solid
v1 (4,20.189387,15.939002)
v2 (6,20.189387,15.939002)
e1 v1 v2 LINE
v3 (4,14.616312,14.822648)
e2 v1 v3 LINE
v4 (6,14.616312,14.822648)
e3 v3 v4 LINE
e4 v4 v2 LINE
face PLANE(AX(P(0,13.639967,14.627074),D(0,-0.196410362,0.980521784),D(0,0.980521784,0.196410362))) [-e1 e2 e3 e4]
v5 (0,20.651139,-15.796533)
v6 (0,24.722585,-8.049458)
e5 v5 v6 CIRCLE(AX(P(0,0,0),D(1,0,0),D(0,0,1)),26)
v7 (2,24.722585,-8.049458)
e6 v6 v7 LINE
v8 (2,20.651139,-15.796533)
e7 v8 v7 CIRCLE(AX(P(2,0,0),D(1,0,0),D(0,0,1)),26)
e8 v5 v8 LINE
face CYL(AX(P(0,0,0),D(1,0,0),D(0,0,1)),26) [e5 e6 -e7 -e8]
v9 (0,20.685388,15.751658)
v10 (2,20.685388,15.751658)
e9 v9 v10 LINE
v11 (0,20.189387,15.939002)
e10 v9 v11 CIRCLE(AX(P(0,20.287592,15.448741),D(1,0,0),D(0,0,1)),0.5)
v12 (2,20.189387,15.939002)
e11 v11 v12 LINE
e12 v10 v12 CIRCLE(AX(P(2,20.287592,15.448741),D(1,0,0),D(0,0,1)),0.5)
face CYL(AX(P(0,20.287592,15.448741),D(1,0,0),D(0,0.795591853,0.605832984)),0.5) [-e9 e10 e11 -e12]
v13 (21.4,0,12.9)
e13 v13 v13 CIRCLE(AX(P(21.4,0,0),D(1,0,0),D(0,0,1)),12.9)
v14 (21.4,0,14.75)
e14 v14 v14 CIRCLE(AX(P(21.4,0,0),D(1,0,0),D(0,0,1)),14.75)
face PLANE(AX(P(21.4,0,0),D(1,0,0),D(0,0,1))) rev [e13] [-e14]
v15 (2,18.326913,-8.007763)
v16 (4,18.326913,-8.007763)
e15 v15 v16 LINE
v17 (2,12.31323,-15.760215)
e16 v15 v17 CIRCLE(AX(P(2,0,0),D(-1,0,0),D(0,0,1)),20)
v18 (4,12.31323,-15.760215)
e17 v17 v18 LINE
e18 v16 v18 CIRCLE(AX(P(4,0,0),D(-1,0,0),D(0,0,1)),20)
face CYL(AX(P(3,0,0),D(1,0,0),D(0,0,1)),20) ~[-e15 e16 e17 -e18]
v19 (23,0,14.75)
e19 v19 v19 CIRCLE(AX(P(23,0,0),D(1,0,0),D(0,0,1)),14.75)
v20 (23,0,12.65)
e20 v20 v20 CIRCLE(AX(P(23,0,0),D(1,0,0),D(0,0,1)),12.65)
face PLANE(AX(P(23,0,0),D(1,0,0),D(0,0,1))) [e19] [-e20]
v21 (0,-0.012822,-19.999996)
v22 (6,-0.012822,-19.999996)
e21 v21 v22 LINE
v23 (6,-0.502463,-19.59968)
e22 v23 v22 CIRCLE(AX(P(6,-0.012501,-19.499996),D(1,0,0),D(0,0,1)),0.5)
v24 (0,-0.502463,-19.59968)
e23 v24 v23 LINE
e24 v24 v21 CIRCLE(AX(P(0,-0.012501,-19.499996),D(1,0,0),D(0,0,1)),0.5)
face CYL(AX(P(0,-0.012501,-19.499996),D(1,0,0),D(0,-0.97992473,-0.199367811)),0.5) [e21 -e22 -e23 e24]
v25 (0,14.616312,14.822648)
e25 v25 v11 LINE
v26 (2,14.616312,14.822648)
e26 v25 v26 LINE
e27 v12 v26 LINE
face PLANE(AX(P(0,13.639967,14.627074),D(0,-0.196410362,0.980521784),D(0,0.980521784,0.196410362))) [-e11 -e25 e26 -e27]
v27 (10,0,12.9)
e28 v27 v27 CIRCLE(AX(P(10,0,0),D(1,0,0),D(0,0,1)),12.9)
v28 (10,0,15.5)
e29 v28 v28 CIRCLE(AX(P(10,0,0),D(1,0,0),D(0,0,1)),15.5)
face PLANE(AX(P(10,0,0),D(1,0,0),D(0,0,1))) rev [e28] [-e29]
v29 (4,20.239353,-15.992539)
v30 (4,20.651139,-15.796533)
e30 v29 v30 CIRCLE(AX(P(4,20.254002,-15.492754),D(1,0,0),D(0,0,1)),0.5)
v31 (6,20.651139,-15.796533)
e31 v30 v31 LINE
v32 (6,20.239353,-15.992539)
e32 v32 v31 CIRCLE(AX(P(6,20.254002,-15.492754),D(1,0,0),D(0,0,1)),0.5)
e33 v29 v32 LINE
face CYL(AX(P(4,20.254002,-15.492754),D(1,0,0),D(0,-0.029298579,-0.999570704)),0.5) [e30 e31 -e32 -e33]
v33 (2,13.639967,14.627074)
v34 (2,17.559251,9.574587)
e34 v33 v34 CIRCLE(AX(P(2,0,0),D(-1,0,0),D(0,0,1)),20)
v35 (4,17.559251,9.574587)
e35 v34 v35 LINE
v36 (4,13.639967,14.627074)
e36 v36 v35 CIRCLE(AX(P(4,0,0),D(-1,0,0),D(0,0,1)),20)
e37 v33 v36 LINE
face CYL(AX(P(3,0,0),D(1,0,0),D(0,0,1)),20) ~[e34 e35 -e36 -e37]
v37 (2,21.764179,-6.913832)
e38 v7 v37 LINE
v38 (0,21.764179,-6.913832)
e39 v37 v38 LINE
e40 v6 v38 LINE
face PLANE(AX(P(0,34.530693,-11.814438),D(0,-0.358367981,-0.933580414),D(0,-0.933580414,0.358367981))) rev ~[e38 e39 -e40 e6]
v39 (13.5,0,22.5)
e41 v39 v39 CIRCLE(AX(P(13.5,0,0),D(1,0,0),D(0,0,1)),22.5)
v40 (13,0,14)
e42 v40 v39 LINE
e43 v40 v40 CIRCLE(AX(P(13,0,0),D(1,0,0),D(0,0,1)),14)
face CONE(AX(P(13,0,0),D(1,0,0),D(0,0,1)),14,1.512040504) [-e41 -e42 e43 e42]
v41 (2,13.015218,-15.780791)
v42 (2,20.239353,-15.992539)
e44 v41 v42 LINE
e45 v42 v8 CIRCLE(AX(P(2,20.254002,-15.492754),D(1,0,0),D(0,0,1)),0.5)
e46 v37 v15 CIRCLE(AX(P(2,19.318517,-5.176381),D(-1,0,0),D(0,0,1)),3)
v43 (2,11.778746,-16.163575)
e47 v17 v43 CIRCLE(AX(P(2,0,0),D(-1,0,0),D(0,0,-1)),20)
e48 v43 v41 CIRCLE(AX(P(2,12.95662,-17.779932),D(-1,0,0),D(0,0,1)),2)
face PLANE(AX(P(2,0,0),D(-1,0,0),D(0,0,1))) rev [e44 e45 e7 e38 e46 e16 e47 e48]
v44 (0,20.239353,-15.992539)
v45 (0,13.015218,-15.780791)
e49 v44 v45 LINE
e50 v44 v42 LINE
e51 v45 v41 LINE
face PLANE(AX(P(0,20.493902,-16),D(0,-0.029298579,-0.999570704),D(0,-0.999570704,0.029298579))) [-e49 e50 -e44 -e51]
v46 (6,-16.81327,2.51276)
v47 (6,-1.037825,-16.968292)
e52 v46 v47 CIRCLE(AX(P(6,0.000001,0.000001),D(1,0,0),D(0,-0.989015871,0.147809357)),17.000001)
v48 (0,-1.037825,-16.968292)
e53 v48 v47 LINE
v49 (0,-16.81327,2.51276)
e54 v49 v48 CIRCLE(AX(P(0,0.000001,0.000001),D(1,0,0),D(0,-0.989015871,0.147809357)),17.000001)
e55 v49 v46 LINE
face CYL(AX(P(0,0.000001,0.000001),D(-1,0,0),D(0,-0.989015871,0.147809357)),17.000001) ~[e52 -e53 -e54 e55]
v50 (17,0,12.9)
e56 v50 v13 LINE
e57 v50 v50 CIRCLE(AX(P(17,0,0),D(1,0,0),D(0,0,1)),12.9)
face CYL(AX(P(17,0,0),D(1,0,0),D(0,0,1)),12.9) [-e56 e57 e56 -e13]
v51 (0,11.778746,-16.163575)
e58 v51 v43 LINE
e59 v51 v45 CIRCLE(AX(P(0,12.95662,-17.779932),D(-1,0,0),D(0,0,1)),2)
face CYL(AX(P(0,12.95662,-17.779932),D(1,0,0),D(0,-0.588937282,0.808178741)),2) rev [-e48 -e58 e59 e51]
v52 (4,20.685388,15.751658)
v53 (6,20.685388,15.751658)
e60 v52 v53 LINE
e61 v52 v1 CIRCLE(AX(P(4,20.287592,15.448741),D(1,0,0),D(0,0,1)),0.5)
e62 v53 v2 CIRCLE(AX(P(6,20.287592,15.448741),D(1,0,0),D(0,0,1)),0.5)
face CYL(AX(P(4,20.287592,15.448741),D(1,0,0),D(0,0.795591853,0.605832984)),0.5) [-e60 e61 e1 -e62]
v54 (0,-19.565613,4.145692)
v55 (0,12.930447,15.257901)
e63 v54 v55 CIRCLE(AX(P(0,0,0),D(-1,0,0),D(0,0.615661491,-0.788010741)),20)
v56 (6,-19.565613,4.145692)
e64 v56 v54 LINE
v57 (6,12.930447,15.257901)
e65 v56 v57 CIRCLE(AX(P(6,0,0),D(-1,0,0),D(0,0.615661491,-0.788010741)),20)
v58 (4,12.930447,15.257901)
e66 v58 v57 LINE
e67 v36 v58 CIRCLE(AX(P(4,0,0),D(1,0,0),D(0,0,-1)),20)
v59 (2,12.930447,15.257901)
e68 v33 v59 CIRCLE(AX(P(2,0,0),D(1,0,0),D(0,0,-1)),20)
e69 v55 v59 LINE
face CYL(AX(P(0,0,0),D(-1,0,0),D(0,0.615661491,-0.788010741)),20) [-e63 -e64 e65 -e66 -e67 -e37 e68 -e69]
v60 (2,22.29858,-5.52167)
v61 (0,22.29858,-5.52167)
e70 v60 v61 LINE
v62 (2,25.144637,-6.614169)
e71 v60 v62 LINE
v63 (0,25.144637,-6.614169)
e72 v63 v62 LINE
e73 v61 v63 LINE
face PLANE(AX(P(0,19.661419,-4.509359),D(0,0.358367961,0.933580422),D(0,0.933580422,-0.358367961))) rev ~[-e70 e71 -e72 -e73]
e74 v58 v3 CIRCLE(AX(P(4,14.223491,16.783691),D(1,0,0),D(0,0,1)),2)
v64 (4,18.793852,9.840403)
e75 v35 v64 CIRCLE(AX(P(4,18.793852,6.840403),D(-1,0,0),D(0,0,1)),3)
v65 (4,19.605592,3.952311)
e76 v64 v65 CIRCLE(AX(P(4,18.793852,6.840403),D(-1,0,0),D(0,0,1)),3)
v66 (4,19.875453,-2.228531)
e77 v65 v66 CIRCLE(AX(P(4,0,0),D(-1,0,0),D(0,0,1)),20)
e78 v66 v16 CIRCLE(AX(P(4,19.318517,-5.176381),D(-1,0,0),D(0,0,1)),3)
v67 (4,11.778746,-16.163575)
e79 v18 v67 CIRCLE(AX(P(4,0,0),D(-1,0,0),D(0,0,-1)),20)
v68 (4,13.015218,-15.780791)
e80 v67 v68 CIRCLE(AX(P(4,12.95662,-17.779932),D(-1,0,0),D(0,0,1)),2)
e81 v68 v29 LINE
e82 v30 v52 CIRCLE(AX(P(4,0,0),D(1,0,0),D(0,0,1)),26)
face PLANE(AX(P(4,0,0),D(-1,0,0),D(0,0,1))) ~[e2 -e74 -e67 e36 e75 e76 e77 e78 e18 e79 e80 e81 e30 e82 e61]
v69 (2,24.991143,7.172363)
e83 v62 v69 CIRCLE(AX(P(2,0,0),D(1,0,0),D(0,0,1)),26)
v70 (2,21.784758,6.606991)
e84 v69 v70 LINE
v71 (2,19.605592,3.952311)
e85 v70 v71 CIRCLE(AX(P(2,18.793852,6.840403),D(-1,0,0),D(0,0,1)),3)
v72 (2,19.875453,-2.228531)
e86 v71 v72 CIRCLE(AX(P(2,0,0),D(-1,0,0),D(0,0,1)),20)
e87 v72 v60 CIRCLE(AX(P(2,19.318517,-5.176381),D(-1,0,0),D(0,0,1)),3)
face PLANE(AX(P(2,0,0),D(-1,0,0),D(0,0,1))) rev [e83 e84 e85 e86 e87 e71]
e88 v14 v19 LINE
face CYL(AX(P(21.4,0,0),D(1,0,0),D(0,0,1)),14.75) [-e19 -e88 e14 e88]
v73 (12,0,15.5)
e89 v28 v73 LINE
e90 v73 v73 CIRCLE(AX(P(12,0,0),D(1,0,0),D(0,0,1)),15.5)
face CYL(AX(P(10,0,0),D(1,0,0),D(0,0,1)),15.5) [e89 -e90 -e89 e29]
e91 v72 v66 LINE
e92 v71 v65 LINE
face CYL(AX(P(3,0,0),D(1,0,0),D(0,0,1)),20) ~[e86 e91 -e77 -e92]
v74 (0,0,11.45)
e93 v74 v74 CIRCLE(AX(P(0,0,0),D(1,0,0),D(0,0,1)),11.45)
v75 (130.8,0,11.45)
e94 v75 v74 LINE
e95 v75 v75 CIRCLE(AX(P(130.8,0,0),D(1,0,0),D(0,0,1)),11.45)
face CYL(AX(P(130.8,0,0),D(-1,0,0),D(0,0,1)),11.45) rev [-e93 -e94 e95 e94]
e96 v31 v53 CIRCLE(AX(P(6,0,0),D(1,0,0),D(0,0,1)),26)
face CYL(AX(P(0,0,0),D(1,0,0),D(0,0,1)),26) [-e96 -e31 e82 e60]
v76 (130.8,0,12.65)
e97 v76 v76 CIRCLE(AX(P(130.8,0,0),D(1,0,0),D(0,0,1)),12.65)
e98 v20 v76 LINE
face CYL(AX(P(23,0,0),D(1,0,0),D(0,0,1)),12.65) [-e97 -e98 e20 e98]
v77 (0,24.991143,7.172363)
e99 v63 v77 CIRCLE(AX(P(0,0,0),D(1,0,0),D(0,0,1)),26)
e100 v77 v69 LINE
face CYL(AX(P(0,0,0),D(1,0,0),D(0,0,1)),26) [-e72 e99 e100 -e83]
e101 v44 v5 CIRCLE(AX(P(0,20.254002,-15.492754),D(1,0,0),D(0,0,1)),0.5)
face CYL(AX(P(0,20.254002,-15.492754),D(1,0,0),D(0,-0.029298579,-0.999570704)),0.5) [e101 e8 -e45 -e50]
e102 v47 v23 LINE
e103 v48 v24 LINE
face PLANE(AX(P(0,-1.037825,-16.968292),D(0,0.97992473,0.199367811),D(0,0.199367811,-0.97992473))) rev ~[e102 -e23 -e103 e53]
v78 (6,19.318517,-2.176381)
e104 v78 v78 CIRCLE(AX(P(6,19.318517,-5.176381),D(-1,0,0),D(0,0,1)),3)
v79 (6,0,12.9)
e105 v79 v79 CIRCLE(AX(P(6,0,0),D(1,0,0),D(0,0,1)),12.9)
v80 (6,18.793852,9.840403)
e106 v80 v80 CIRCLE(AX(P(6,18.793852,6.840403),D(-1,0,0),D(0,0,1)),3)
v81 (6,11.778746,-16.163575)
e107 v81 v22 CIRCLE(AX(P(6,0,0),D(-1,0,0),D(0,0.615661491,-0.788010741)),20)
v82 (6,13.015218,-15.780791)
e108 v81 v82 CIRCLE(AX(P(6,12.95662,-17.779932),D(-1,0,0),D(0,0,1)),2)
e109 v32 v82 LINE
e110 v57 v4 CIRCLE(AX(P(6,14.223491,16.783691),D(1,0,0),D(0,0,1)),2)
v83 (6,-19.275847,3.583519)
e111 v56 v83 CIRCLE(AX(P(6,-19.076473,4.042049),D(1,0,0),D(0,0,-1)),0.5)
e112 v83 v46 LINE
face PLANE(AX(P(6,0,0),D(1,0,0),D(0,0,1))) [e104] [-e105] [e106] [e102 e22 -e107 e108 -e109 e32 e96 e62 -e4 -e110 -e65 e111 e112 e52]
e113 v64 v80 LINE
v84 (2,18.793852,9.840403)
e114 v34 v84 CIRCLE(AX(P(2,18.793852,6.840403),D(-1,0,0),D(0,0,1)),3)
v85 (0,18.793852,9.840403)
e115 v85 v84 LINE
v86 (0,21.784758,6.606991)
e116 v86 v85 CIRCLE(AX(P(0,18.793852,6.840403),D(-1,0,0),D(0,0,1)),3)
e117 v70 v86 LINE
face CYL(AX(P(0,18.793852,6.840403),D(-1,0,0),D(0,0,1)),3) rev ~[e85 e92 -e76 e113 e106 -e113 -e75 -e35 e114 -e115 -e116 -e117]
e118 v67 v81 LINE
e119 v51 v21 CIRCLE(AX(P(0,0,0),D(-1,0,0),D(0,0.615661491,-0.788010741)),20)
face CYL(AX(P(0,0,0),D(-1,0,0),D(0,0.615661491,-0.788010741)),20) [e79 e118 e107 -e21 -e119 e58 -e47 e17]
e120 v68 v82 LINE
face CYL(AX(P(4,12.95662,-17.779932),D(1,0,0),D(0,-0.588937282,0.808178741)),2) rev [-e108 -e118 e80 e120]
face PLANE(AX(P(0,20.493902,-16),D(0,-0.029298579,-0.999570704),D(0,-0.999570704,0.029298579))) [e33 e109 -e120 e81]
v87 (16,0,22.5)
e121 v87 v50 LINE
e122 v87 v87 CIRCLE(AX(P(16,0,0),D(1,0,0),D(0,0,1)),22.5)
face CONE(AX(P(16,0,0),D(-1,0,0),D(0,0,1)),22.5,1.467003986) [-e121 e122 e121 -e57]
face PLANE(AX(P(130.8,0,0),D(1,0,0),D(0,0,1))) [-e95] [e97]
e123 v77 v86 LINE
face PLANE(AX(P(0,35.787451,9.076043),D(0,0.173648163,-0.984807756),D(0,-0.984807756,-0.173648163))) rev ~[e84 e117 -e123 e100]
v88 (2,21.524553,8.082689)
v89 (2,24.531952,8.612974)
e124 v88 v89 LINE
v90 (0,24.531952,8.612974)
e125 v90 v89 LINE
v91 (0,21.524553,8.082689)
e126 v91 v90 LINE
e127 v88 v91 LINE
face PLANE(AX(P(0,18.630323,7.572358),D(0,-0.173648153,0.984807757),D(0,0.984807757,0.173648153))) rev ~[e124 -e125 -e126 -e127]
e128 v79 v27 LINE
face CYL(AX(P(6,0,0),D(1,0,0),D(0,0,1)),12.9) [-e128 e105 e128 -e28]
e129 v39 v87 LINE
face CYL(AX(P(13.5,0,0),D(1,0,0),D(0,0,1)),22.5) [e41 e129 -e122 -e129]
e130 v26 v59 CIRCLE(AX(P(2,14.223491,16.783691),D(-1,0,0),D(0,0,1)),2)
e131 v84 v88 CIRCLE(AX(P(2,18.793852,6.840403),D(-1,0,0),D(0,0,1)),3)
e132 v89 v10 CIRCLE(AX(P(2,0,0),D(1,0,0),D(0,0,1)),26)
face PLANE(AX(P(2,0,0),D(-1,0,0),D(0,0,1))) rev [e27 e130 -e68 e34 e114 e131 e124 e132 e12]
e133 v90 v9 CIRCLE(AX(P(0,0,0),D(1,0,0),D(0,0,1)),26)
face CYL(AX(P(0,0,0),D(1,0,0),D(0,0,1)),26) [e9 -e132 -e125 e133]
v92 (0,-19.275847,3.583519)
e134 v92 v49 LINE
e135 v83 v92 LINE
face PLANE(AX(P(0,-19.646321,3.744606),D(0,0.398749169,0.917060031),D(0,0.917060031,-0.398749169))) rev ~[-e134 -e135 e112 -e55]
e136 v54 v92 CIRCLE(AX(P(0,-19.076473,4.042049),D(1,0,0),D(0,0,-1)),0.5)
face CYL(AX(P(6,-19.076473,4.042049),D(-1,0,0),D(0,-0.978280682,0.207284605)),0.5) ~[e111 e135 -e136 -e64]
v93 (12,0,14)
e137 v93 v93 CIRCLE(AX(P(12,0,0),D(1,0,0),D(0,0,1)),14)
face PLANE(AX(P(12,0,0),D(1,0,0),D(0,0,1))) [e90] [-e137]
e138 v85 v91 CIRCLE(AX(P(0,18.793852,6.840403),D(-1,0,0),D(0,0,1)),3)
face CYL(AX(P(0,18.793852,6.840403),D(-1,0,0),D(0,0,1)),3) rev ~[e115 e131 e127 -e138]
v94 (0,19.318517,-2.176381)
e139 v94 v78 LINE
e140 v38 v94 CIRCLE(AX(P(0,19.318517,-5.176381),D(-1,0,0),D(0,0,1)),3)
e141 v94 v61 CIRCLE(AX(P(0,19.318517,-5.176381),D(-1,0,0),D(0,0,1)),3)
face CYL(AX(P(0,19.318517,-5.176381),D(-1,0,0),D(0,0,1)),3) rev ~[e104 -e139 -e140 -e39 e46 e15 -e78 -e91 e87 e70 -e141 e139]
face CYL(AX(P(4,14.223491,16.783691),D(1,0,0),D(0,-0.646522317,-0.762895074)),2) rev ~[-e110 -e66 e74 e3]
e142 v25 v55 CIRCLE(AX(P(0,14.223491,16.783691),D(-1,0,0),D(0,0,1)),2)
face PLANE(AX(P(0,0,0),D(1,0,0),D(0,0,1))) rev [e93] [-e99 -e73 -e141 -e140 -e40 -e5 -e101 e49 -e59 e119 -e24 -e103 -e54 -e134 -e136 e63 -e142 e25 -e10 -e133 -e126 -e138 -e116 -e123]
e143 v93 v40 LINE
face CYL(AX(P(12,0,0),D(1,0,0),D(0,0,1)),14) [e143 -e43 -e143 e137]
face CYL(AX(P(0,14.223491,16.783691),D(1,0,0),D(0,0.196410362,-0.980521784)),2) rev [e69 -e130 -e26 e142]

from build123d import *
from build123d.topology import SkipClean

# Parameters (mm, degrees)
SKETCH5_W          = 2
SKETCH5_H          = 25
SKETCH2_R          = 3
CUT_EXTRUDE1_DEPTH = 6
FILLET1_R          = 2
CUT_EXTRUDE2_DEPTH = 6
FILLET2_R          = 0.5
CUT_EXTRUDE3_REACH = 132.8


with BuildPart() as part:
    # Sketch1 → Revolve1 (revolve)
    with BuildSketch(Plane.XY, mode=Mode.PRIVATE) as revolve1_sk:
        Polygon((130.8, 11.45), (0, 11.45), (0, 26), (6, 26), (6, 12.9), (10, 12.9), (10, 15.5), (12, 15.5), (12, 14), (13, 14), (13.5, 22.5), (16, 22.5), (17, 12.9), (21.4, 12.9), (21.4, 14.75), (23, 14.75), (23, 12.65), (130.8, 12.65), align=None)
    revolve(revolve1_sk.sketch.rotate(Axis((0, 0, 0), (1, 0, 0)), 90), axis=Axis((0, 0, 0), (1, 0, 0)))  # turned: the seam where the file's is

    # Sketch5 → Cut-Revolve1 (revolve, cut)
    with BuildSketch(Plane.XY, mode=Mode.PRIVATE) as cut_revolve1_sk:
        with Locations((3, 32.5)):
            Rectangle(SKETCH5_W, SKETCH5_H)
    revolve(cut_revolve1_sk.sketch.rotate(Axis((0, 0, 0), (-1, 0, 0)), 270), axis=Axis((0, 0, 0), (-1, 0, 0)), mode=Mode.SUBTRACT)  # turned: the seam where the file's is

    # Sketch2 → Cut-Extrude1 (cut)
    with SkipClean():  # keep this step's faces unmerged: merging them makes the solid invalid here
        with BuildSketch(Plane.ZY):
            with Locations((-5.176381, 19.318517)):
                Circle(SKETCH2_R)
            with Locations((6.840403, 18.793852)):
                Circle(SKETCH2_R)
            with BuildLine():
                Line((14.627074, 13.639967), (16, 20.493902))
                ThreePointArc((16, 20.493902), (0, -26), (-16, 20.493902))
                Line((-16, 20.493902), (-15.760215, 12.31323))
                ThreePointArc((-15.760215, 12.31323), (0.872388, -19.980964), (14.627074, 13.639967))
            make_face()
        extrude(amount=-CUT_EXTRUDE1_DEPTH, mode=Mode.SUBTRACT)

    # Fillet1
    fillet1_edges = [part.edges().sort_by_distance(p)[0] for p in [
        (1, 12.31323, -15.760215),
        (5, 12.31323, -15.760215),
        (1, 13.639967, 14.627074),
        (5, 13.639967, 14.627074),
    ]]
    fillet(fillet1_edges, radius=FILLET1_R)

    # Sketch3 → Cut-Extrude2 (cut)
    with SkipClean():  # keep this step's faces unmerged: merging them makes the solid invalid here
        with BuildSketch(Plane.ZY):
            with BuildLine():
                Line((-16.968292, -1.037825), (-19.995549, -0.421923))
                ThreePointArc((-19.995549, -0.421923), (-12.586408, -15.542919), (3.744606, -19.646321))
                Line((3.744606, -19.646321), (2.51276, -16.81327))
                ThreePointArc((2.51276, -16.81327), (-10.698447, -13.211481), (-16.968292, -1.037825))
            make_face()
        extrude(amount=-CUT_EXTRUDE2_DEPTH, mode=Mode.SUBTRACT)

    # Fillet2
    fillet2_edges = [part.edges().sort_by_distance(p)[0] for p in [
        (3, -19.646321, 3.744606),
        (3, -0.421923, -19.995549),
        (1, 20.493902, 16),
        (5, 20.493902, 16),
        (1, 20.493902, -16),
        (5, 20.493902, -16),
    ]]
    fillet(fillet2_edges, radius=FILLET2_R)

    # Sketch4 → Cut-Extrude3 (cut, up to next)
    with BuildSketch(Plane.ZY, mode=Mode.PRIVATE) as cut_extrude3_sk1:
        Polygon((-5.843402, 18.975614), (-4.509359, 19.661419), (-10.480395, 35.216499), (-11.814438, 34.530693), align=None)
    cut_extrude3_tool1 = extrude(cut_extrude3_sk1.sketch, amount=-CUT_EXTRUDE3_REACH, mode=Mode.PRIVATE) & part.part
    add(cut_extrude3_tool1.solids().sort_by_distance((0, 27.096056, -8.161899))[0], mode=Mode.SUBTRACT)
    # Sketch4 → Cut-Extrude3 (cut, up to next)
    with BuildSketch(Plane.ZY, mode=Mode.PRIVATE) as cut_extrude3_sk2:
        Polygon((6.108448, 18.957382), (7.572358, 18.630323), (10.539953, 35.460393), (9.076043, 35.787451), align=None)
    cut_extrude3_tool2 = extrude(cut_extrude3_sk2.sketch, amount=-CUT_EXTRUDE3_REACH, mode=Mode.PRIVATE) & part.part
    add(cut_extrude3_tool2.solids().sort_by_distance((0, 27.208887, 8.324201))[0], mode=Mode.SUBTRACT)


solid = part.part
